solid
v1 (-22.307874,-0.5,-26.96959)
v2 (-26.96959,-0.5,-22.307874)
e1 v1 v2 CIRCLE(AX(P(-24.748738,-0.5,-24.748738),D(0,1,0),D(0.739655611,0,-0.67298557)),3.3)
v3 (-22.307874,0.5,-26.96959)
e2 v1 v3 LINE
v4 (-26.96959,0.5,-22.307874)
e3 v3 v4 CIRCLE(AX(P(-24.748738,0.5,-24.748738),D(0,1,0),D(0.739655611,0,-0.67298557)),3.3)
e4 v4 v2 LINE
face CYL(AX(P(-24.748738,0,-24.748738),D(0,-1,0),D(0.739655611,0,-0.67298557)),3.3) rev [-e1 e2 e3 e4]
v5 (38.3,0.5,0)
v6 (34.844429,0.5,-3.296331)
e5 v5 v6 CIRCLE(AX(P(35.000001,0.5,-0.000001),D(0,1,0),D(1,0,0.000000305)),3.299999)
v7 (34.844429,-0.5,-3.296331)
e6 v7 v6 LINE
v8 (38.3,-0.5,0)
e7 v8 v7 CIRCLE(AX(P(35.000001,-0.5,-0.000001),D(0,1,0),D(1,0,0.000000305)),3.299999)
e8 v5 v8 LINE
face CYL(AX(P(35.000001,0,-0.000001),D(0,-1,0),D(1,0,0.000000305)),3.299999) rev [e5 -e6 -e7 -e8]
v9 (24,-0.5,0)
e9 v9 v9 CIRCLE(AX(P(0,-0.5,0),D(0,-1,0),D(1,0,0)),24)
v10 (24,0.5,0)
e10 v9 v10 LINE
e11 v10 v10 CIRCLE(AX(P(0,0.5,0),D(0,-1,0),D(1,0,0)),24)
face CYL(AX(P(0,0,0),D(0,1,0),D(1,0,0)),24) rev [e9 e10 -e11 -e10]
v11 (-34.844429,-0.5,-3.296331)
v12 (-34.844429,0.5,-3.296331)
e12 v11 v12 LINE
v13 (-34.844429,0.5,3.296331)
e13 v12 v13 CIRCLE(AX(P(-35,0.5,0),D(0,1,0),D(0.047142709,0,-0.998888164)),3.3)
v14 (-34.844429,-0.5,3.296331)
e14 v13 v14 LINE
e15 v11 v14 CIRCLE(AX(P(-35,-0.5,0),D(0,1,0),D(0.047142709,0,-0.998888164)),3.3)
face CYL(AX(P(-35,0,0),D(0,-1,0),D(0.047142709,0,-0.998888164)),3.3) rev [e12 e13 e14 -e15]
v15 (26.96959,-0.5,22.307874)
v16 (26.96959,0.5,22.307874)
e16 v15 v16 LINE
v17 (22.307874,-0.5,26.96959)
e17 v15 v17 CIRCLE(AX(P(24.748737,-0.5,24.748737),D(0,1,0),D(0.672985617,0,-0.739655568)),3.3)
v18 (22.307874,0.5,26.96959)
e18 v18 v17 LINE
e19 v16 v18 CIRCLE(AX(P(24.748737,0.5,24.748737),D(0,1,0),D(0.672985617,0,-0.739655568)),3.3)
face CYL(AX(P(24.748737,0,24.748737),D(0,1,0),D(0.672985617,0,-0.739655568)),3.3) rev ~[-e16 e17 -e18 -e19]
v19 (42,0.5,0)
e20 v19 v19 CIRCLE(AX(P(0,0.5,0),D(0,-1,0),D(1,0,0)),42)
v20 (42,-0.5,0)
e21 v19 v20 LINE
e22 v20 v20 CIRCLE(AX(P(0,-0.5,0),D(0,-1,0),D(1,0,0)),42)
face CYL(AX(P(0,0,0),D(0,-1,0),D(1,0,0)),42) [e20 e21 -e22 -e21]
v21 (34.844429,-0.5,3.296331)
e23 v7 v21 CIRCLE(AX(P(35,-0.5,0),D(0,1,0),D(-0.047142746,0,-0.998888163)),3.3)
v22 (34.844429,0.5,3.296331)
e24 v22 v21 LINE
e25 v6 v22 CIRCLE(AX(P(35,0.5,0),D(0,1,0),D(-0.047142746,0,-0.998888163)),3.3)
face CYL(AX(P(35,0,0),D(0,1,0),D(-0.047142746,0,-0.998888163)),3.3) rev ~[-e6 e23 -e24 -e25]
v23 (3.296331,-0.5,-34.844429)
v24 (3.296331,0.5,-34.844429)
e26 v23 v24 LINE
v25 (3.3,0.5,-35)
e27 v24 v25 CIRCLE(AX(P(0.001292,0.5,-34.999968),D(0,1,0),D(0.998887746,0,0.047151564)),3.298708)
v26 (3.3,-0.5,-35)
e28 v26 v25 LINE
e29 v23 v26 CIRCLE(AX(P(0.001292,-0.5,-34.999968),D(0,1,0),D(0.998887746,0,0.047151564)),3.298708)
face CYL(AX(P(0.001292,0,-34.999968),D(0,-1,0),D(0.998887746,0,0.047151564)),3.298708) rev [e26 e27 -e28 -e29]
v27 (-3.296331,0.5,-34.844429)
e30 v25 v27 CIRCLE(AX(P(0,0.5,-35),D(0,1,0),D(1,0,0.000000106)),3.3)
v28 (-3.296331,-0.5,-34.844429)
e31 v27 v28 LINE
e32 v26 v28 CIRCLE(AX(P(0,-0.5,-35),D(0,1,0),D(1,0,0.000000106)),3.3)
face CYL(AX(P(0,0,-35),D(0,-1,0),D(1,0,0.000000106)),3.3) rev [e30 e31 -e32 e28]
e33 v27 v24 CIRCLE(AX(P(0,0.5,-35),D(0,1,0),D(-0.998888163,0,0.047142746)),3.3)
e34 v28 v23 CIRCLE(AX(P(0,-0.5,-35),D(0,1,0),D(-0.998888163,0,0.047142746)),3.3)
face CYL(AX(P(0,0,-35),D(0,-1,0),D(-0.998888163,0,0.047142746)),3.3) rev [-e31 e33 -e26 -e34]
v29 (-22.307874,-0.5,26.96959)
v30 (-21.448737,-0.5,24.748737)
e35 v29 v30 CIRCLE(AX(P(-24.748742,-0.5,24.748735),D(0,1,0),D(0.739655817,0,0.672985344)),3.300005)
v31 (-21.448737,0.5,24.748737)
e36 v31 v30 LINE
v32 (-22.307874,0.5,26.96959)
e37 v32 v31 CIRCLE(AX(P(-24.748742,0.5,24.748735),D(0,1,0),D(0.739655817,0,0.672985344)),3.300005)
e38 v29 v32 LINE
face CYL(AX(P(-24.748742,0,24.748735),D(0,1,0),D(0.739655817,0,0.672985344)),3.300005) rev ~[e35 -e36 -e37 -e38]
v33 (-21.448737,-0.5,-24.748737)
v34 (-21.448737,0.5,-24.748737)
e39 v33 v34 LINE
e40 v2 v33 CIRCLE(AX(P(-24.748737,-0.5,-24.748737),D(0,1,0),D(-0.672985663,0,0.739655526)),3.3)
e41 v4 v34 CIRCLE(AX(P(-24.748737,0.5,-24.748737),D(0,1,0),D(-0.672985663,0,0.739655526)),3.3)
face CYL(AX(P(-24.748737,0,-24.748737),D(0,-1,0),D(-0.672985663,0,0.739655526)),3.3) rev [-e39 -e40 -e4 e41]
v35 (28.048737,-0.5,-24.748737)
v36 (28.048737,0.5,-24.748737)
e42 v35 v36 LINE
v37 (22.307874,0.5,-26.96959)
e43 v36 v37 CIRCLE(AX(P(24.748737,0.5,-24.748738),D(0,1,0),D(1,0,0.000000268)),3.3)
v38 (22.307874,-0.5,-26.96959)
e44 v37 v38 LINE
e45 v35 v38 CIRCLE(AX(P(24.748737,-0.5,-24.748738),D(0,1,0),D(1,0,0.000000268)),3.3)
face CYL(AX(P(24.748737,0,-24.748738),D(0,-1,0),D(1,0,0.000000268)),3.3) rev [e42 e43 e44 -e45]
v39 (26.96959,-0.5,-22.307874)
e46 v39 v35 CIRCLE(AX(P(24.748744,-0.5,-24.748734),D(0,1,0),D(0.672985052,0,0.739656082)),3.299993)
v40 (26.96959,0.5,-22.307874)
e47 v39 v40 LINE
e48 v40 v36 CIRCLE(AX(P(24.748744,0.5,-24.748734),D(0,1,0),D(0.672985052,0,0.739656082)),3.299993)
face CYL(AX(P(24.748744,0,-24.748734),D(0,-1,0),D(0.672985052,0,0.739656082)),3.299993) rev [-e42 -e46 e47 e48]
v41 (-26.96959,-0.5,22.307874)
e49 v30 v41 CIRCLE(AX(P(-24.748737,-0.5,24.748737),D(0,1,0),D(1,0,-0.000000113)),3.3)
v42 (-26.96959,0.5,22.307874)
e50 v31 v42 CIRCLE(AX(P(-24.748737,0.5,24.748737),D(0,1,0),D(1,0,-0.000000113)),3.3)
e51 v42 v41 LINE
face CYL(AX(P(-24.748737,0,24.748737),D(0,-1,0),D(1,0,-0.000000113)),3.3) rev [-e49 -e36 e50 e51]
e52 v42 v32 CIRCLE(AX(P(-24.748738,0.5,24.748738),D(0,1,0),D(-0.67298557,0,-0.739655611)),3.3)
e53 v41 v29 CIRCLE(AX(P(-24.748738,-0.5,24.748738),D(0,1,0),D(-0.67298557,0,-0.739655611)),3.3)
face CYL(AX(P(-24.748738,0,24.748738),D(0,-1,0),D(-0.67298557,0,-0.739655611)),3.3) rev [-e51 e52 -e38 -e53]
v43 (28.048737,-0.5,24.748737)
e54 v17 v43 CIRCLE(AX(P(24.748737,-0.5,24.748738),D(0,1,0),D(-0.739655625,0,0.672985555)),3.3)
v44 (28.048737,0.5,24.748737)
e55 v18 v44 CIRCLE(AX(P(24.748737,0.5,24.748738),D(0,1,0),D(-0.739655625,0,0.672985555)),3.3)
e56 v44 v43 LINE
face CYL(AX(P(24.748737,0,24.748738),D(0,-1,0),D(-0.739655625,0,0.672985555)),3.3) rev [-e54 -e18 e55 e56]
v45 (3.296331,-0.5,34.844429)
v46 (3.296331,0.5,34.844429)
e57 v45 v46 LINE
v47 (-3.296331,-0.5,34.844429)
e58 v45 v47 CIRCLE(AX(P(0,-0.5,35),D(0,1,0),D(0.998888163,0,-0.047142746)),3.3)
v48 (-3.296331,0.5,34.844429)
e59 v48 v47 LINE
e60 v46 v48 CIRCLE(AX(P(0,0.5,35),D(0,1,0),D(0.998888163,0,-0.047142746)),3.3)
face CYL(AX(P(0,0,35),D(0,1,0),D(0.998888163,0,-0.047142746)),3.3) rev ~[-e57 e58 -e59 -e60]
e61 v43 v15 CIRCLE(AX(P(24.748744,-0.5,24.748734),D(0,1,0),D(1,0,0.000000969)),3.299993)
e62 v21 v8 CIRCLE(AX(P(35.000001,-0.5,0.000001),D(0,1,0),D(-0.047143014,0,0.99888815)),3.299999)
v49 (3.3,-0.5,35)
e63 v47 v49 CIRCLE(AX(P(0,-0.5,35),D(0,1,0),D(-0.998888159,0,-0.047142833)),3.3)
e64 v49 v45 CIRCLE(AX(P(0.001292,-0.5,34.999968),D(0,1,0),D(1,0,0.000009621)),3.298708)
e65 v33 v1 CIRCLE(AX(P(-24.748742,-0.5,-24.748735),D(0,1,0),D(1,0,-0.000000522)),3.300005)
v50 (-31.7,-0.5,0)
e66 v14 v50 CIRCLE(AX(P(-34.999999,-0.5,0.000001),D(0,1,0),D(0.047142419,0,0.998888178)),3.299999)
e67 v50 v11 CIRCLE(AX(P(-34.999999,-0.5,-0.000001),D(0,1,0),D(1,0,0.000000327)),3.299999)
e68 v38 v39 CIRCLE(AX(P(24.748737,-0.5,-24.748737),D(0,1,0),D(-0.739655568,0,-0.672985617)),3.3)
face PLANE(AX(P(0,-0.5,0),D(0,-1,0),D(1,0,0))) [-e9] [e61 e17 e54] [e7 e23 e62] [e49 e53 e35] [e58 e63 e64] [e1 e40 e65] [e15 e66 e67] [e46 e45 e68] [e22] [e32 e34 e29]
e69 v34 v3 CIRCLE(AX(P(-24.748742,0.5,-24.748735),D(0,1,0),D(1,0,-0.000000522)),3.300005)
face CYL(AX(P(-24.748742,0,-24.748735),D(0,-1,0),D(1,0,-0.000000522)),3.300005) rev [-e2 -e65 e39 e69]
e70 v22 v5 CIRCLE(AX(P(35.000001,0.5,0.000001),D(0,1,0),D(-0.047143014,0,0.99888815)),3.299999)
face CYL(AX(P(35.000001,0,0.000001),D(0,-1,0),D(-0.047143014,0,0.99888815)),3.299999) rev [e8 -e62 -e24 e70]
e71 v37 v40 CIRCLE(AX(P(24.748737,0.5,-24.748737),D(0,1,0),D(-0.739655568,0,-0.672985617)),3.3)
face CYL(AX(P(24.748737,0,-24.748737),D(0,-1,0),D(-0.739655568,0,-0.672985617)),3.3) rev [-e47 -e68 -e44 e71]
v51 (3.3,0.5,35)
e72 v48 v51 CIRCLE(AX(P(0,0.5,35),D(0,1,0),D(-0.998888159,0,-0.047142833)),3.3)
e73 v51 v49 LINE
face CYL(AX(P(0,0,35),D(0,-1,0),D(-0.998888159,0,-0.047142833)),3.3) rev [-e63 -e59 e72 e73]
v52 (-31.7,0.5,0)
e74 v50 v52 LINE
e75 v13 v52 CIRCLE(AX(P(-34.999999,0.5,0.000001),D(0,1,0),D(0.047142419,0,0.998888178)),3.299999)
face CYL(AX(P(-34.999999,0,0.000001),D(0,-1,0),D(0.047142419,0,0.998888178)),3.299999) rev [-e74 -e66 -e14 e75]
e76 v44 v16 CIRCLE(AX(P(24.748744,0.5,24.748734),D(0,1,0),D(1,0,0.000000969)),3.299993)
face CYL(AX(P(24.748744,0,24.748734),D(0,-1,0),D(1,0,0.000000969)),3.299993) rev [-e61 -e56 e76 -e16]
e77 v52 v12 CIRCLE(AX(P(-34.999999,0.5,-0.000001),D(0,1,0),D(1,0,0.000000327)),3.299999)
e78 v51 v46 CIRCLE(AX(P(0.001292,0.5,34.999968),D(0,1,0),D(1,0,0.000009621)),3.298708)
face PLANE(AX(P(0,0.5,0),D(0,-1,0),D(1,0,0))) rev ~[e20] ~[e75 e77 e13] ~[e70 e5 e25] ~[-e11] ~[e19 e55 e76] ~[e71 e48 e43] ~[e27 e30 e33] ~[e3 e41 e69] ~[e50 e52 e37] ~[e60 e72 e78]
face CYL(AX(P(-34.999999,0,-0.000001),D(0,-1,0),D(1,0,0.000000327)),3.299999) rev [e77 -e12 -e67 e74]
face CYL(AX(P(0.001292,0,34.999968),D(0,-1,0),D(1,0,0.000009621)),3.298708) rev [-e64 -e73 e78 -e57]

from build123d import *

# Parameters (mm, degrees)
F0_R     = 42
F0_R_2   = 24
F1_DEPTH = 0.5


with BuildPart() as f1:
    # F0 (on Front) → F1 (new body, symmetric)
    with BuildSketch(Plane.XZ):
        Circle(F0_R)
        with BuildLine():
            ThreePointArc((26.96959, 22.307874), (32.335784, 13.39392), (34.844429, 3.296331))
            ThreePointArc((34.844429, 3.296331), (37.277786, 2.387822), (38.3, 0))
            ThreePointArc((38.3, 0), (37.277786, -2.387822), (34.844429, -3.296331))
            ThreePointArc((34.844429, -3.296331), (32.335784, -13.39392), (26.96959, -22.307874))
            ThreePointArc((26.96959, -22.307874), (27.766917, -23.414348), (28.048737, -24.748737))
            ThreePointArc((28.048737, -24.748737), (25.939357, -27.826468), (22.307874, -26.96959))
            ThreePointArc((22.307874, -26.96959), (13.39392, -32.335784), (3.296331, -34.844429))
            ThreePointArc((3.296331, -34.844429), (3.299083, -34.922193), (3.3, -35))
            ThreePointArc((3.3, -35), (-0.077807, -38.299083), (-3.296331, -34.844429))
            ThreePointArc((-3.296331, -34.844429), (-13.39392, -32.335784), (-22.307874, -26.96959))
            ThreePointArc((-22.307874, -26.96959), (-27.08219, -27.08219), (-26.96959, -22.307874))
            ThreePointArc((-26.96959, -22.307874), (-32.335784, -13.39392), (-34.844429, -3.296331))
            ThreePointArc((-34.844429, -3.296331), (-38.3, 0), (-34.844429, 3.296331))
            ThreePointArc((-34.844429, 3.296331), (-32.335784, 13.39392), (-26.96959, 22.307874))
            ThreePointArc((-26.96959, 22.307874), (-27.08219, 27.08219), (-22.307874, 26.96959))
            ThreePointArc((-22.307874, 26.96959), (-13.39392, 32.335784), (-3.296331, 34.844429))
            ThreePointArc((-3.296331, 34.844429), (-0.077807, 38.299083), (3.3, 35))
            ThreePointArc((3.3, 35), (3.299083, 34.922193), (3.296331, 34.844429))
            ThreePointArc((3.296331, 34.844429), (13.39392, 32.335784), (22.307874, 26.96959))
            ThreePointArc((22.307874, 26.96959), (25.939357, 27.826468), (28.048737, 24.748737))
            ThreePointArc((28.048737, 24.748737), (27.766917, 23.414348), (26.96959, 22.307874))
        make_face(mode=Mode.SUBTRACT)
        with BuildLine():
            ThreePointArc((34.844429, -3.296331), (31.7, 0), (34.844429, 3.296331))
            ThreePointArc((34.844429, 3.296331), (32.335784, 13.39392), (26.96959, 22.307874))
            ThreePointArc((26.96959, 22.307874), (22.415285, 22.415285), (22.307874, 26.96959))
            ThreePointArc((22.307874, 26.96959), (13.39392, 32.335784), (3.296331, 34.844429))
            ThreePointArc((3.296331, 34.844429), (0, 31.7), (-3.296331, 34.844429))
            ThreePointArc((-3.296331, 34.844429), (-13.39392, 32.335784), (-22.307874, 26.96959))
            ThreePointArc((-22.307874, 26.96959), (-21.671007, 25.939357), (-21.448737, 24.748737))
            ThreePointArc((-21.448737, 24.748737), (-23.414348, 21.730558), (-26.96959, 22.307874))
            ThreePointArc((-26.96959, 22.307874), (-32.335784, 13.39392), (-34.844429, 3.296331))
            ThreePointArc((-34.844429, 3.296331), (-32.612178, 2.277786), (-31.7, 0))
            ThreePointArc((-31.7, 0), (-32.612178, -2.277786), (-34.844429, -3.296331))
            ThreePointArc((-34.844429, -3.296331), (-32.335784, -13.39392), (-26.96959, -22.307874))
            ThreePointArc((-26.96959, -22.307874), (-23.414348, -21.730558), (-21.448737, -24.748737))
            ThreePointArc((-21.448737, -24.748737), (-21.671007, -25.939357), (-22.307874, -26.96959))
            ThreePointArc((-22.307874, -26.96959), (-13.39392, -32.335784), (-3.296331, -34.844429))
            ThreePointArc((-3.296331, -34.844429), (0, -31.7), (3.296331, -34.844429))
            ThreePointArc((3.296331, -34.844429), (13.39392, -32.335784), (22.307874, -26.96959))
            ThreePointArc((22.307874, -26.96959), (22.415285, -22.415285), (26.96959, -22.307874))
            ThreePointArc((26.96959, -22.307874), (32.335784, -13.39392), (34.844429, -3.296331))
        make_face()
        Circle(F0_R_2, mode=Mode.SUBTRACT)
    extrude(amount=F1_DEPTH, both=True)


solid = f1.part
